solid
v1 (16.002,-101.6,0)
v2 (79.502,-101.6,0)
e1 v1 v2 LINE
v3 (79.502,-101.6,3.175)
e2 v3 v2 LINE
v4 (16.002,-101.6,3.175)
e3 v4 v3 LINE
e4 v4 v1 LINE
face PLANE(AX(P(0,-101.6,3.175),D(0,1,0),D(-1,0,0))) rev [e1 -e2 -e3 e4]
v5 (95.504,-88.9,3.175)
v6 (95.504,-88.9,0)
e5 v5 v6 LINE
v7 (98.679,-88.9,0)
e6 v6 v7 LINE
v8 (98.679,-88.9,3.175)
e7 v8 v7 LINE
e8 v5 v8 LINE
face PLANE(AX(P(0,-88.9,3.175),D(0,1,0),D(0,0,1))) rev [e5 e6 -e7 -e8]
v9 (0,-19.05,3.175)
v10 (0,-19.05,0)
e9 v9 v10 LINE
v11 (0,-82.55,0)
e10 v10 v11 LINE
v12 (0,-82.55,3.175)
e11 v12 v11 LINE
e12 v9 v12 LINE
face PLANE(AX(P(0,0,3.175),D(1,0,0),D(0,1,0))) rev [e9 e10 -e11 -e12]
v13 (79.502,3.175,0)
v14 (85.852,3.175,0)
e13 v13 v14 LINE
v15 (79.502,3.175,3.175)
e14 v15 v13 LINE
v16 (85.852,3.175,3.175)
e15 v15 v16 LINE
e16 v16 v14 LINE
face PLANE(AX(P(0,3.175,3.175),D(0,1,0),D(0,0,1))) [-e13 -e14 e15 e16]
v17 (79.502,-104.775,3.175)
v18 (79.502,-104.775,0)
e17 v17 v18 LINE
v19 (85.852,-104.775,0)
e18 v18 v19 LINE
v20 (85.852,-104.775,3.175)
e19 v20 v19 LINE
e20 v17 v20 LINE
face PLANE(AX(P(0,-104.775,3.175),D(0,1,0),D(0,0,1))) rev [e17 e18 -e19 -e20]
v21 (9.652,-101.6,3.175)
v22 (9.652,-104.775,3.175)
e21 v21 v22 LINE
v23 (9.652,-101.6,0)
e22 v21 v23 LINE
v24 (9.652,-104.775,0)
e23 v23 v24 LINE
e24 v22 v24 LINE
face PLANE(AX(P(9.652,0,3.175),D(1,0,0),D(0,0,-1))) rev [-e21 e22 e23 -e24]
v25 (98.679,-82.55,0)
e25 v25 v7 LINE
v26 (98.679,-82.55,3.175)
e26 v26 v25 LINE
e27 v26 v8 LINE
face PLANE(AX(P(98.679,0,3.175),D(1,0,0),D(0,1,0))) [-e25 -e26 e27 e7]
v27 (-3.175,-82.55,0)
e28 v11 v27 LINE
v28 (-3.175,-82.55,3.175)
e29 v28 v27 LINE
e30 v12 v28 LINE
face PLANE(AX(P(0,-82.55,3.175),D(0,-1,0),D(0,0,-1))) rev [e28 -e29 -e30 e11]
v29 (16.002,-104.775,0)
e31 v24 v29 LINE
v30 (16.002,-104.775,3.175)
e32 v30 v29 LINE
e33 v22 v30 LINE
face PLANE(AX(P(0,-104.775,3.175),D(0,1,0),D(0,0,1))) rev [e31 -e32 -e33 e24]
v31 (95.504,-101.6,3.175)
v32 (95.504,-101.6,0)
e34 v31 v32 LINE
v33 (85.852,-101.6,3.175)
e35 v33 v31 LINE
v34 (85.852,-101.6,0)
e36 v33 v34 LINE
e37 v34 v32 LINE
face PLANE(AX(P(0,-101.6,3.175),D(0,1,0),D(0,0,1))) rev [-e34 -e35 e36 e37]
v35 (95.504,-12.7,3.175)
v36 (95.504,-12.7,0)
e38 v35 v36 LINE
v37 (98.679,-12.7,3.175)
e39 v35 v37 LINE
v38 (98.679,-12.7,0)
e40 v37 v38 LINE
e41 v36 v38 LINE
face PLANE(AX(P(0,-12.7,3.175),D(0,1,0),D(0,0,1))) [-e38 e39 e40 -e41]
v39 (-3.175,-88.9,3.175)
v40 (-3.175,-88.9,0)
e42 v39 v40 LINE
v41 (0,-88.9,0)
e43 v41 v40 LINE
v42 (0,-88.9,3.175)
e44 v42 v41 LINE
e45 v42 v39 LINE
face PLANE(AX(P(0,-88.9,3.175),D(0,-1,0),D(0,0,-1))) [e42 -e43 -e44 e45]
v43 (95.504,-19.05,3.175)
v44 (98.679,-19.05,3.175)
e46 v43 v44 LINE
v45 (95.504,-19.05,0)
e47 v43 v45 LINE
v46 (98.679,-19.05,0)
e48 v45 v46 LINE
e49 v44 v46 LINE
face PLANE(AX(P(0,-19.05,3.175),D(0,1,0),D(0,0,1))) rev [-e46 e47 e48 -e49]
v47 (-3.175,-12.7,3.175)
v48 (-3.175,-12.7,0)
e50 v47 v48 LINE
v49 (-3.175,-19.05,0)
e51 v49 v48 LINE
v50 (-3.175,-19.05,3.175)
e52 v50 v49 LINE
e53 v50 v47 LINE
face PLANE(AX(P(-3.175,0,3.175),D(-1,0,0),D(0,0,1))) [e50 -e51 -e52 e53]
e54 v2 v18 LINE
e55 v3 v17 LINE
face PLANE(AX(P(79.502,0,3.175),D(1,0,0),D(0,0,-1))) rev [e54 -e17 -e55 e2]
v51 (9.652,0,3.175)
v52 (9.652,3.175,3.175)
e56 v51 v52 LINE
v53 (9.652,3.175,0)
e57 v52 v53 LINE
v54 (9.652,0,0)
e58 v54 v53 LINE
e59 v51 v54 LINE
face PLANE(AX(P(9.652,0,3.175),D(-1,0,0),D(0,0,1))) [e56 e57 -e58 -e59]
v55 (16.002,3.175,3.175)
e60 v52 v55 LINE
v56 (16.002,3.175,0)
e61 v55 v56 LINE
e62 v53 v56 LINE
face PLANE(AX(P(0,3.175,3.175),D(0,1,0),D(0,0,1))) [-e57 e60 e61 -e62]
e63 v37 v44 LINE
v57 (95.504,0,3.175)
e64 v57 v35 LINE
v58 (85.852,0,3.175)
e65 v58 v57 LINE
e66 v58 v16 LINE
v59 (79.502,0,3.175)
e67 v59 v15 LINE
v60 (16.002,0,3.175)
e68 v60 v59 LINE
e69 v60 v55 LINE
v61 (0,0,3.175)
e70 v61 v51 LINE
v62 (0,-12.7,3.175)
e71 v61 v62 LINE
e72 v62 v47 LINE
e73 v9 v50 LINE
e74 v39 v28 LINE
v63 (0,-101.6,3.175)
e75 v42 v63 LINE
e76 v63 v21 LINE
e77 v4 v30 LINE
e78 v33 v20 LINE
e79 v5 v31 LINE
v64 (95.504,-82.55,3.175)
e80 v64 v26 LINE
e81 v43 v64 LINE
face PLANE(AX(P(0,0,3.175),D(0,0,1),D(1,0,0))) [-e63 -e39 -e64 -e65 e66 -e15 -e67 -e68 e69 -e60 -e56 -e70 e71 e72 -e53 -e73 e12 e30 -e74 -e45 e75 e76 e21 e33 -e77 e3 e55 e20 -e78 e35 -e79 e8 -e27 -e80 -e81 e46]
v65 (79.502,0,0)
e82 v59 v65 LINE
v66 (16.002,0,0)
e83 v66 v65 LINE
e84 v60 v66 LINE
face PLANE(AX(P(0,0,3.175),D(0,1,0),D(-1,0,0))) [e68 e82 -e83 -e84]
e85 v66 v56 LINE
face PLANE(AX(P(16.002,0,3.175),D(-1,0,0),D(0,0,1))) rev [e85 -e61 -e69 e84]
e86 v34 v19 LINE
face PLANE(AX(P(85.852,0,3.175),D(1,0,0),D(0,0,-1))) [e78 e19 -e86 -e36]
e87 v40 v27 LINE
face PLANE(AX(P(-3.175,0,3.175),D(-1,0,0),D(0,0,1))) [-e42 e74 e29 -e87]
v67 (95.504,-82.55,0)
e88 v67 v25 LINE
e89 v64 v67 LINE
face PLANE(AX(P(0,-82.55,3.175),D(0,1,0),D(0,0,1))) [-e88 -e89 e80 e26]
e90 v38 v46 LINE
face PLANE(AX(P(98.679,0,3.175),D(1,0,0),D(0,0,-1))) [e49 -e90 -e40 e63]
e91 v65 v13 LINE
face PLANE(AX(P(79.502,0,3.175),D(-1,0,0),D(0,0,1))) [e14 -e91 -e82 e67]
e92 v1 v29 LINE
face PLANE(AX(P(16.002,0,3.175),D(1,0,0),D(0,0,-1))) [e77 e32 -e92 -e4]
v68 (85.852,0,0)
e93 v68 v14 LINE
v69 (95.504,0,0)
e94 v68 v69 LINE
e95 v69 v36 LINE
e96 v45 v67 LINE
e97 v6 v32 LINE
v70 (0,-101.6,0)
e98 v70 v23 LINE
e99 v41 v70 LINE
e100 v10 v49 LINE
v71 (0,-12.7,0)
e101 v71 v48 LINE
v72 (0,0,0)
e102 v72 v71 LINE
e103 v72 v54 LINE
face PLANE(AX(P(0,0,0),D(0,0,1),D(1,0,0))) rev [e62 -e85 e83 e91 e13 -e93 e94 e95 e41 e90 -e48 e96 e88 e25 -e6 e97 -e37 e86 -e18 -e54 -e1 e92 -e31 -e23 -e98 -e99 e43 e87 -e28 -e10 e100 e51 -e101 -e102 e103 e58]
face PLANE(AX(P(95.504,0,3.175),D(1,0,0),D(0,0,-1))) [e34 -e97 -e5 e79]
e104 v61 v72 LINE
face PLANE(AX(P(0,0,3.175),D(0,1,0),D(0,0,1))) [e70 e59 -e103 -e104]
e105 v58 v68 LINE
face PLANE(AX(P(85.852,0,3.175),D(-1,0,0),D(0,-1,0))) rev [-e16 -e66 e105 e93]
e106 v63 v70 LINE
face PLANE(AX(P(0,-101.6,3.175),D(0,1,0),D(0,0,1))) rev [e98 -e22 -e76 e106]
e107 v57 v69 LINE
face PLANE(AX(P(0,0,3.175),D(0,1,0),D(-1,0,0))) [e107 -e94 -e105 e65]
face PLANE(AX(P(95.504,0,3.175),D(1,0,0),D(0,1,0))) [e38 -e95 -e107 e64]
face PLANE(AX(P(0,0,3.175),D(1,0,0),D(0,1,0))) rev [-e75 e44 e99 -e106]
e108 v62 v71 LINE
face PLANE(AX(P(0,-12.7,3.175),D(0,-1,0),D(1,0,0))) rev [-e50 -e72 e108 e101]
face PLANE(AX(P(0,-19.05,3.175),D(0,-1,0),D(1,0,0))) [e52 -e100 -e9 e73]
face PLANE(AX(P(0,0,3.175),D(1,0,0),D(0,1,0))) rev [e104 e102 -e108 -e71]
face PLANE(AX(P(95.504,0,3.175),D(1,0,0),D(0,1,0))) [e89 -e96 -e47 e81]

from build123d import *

# Parameters (mm, degrees)
BOSS_EXTRUDE1_DEPTH = 3.175


with BuildPart() as part:
    # Sketch1 → Boss-Extrude1 (new body)
    with BuildSketch(Plane.XY):
        Polygon((16.002, 0), (79.502, 0), (79.502, 3.175), (85.852, 3.175), (85.852, 0), (95.504, 0), (95.504, -12.7), (98.679, -12.7), (98.679, -19.05), (95.504, -19.05), (95.504, -82.55), (98.679, -82.55), (98.679, -88.9), (95.504, -88.9), (95.504, -101.6), (85.852, -101.6), (85.852, -104.775), (79.502, -104.775), (79.502, -101.6), (16.002, -101.6), (16.002, -104.775), (9.652, -104.775), (9.652, -101.6), (0, -101.6), (0, -88.9), (-3.175, -88.9), (-3.175, -82.55), (0, -82.55), (0, -19.05), (-3.175, -19.05), (-3.175, -12.7), (0, -12.7), (0, 0), (9.652, 0), (9.652, 3.175), (16.002, 3.175), align=None)
    extrude(amount=BOSS_EXTRUDE1_DEPTH)


solid = part.part
